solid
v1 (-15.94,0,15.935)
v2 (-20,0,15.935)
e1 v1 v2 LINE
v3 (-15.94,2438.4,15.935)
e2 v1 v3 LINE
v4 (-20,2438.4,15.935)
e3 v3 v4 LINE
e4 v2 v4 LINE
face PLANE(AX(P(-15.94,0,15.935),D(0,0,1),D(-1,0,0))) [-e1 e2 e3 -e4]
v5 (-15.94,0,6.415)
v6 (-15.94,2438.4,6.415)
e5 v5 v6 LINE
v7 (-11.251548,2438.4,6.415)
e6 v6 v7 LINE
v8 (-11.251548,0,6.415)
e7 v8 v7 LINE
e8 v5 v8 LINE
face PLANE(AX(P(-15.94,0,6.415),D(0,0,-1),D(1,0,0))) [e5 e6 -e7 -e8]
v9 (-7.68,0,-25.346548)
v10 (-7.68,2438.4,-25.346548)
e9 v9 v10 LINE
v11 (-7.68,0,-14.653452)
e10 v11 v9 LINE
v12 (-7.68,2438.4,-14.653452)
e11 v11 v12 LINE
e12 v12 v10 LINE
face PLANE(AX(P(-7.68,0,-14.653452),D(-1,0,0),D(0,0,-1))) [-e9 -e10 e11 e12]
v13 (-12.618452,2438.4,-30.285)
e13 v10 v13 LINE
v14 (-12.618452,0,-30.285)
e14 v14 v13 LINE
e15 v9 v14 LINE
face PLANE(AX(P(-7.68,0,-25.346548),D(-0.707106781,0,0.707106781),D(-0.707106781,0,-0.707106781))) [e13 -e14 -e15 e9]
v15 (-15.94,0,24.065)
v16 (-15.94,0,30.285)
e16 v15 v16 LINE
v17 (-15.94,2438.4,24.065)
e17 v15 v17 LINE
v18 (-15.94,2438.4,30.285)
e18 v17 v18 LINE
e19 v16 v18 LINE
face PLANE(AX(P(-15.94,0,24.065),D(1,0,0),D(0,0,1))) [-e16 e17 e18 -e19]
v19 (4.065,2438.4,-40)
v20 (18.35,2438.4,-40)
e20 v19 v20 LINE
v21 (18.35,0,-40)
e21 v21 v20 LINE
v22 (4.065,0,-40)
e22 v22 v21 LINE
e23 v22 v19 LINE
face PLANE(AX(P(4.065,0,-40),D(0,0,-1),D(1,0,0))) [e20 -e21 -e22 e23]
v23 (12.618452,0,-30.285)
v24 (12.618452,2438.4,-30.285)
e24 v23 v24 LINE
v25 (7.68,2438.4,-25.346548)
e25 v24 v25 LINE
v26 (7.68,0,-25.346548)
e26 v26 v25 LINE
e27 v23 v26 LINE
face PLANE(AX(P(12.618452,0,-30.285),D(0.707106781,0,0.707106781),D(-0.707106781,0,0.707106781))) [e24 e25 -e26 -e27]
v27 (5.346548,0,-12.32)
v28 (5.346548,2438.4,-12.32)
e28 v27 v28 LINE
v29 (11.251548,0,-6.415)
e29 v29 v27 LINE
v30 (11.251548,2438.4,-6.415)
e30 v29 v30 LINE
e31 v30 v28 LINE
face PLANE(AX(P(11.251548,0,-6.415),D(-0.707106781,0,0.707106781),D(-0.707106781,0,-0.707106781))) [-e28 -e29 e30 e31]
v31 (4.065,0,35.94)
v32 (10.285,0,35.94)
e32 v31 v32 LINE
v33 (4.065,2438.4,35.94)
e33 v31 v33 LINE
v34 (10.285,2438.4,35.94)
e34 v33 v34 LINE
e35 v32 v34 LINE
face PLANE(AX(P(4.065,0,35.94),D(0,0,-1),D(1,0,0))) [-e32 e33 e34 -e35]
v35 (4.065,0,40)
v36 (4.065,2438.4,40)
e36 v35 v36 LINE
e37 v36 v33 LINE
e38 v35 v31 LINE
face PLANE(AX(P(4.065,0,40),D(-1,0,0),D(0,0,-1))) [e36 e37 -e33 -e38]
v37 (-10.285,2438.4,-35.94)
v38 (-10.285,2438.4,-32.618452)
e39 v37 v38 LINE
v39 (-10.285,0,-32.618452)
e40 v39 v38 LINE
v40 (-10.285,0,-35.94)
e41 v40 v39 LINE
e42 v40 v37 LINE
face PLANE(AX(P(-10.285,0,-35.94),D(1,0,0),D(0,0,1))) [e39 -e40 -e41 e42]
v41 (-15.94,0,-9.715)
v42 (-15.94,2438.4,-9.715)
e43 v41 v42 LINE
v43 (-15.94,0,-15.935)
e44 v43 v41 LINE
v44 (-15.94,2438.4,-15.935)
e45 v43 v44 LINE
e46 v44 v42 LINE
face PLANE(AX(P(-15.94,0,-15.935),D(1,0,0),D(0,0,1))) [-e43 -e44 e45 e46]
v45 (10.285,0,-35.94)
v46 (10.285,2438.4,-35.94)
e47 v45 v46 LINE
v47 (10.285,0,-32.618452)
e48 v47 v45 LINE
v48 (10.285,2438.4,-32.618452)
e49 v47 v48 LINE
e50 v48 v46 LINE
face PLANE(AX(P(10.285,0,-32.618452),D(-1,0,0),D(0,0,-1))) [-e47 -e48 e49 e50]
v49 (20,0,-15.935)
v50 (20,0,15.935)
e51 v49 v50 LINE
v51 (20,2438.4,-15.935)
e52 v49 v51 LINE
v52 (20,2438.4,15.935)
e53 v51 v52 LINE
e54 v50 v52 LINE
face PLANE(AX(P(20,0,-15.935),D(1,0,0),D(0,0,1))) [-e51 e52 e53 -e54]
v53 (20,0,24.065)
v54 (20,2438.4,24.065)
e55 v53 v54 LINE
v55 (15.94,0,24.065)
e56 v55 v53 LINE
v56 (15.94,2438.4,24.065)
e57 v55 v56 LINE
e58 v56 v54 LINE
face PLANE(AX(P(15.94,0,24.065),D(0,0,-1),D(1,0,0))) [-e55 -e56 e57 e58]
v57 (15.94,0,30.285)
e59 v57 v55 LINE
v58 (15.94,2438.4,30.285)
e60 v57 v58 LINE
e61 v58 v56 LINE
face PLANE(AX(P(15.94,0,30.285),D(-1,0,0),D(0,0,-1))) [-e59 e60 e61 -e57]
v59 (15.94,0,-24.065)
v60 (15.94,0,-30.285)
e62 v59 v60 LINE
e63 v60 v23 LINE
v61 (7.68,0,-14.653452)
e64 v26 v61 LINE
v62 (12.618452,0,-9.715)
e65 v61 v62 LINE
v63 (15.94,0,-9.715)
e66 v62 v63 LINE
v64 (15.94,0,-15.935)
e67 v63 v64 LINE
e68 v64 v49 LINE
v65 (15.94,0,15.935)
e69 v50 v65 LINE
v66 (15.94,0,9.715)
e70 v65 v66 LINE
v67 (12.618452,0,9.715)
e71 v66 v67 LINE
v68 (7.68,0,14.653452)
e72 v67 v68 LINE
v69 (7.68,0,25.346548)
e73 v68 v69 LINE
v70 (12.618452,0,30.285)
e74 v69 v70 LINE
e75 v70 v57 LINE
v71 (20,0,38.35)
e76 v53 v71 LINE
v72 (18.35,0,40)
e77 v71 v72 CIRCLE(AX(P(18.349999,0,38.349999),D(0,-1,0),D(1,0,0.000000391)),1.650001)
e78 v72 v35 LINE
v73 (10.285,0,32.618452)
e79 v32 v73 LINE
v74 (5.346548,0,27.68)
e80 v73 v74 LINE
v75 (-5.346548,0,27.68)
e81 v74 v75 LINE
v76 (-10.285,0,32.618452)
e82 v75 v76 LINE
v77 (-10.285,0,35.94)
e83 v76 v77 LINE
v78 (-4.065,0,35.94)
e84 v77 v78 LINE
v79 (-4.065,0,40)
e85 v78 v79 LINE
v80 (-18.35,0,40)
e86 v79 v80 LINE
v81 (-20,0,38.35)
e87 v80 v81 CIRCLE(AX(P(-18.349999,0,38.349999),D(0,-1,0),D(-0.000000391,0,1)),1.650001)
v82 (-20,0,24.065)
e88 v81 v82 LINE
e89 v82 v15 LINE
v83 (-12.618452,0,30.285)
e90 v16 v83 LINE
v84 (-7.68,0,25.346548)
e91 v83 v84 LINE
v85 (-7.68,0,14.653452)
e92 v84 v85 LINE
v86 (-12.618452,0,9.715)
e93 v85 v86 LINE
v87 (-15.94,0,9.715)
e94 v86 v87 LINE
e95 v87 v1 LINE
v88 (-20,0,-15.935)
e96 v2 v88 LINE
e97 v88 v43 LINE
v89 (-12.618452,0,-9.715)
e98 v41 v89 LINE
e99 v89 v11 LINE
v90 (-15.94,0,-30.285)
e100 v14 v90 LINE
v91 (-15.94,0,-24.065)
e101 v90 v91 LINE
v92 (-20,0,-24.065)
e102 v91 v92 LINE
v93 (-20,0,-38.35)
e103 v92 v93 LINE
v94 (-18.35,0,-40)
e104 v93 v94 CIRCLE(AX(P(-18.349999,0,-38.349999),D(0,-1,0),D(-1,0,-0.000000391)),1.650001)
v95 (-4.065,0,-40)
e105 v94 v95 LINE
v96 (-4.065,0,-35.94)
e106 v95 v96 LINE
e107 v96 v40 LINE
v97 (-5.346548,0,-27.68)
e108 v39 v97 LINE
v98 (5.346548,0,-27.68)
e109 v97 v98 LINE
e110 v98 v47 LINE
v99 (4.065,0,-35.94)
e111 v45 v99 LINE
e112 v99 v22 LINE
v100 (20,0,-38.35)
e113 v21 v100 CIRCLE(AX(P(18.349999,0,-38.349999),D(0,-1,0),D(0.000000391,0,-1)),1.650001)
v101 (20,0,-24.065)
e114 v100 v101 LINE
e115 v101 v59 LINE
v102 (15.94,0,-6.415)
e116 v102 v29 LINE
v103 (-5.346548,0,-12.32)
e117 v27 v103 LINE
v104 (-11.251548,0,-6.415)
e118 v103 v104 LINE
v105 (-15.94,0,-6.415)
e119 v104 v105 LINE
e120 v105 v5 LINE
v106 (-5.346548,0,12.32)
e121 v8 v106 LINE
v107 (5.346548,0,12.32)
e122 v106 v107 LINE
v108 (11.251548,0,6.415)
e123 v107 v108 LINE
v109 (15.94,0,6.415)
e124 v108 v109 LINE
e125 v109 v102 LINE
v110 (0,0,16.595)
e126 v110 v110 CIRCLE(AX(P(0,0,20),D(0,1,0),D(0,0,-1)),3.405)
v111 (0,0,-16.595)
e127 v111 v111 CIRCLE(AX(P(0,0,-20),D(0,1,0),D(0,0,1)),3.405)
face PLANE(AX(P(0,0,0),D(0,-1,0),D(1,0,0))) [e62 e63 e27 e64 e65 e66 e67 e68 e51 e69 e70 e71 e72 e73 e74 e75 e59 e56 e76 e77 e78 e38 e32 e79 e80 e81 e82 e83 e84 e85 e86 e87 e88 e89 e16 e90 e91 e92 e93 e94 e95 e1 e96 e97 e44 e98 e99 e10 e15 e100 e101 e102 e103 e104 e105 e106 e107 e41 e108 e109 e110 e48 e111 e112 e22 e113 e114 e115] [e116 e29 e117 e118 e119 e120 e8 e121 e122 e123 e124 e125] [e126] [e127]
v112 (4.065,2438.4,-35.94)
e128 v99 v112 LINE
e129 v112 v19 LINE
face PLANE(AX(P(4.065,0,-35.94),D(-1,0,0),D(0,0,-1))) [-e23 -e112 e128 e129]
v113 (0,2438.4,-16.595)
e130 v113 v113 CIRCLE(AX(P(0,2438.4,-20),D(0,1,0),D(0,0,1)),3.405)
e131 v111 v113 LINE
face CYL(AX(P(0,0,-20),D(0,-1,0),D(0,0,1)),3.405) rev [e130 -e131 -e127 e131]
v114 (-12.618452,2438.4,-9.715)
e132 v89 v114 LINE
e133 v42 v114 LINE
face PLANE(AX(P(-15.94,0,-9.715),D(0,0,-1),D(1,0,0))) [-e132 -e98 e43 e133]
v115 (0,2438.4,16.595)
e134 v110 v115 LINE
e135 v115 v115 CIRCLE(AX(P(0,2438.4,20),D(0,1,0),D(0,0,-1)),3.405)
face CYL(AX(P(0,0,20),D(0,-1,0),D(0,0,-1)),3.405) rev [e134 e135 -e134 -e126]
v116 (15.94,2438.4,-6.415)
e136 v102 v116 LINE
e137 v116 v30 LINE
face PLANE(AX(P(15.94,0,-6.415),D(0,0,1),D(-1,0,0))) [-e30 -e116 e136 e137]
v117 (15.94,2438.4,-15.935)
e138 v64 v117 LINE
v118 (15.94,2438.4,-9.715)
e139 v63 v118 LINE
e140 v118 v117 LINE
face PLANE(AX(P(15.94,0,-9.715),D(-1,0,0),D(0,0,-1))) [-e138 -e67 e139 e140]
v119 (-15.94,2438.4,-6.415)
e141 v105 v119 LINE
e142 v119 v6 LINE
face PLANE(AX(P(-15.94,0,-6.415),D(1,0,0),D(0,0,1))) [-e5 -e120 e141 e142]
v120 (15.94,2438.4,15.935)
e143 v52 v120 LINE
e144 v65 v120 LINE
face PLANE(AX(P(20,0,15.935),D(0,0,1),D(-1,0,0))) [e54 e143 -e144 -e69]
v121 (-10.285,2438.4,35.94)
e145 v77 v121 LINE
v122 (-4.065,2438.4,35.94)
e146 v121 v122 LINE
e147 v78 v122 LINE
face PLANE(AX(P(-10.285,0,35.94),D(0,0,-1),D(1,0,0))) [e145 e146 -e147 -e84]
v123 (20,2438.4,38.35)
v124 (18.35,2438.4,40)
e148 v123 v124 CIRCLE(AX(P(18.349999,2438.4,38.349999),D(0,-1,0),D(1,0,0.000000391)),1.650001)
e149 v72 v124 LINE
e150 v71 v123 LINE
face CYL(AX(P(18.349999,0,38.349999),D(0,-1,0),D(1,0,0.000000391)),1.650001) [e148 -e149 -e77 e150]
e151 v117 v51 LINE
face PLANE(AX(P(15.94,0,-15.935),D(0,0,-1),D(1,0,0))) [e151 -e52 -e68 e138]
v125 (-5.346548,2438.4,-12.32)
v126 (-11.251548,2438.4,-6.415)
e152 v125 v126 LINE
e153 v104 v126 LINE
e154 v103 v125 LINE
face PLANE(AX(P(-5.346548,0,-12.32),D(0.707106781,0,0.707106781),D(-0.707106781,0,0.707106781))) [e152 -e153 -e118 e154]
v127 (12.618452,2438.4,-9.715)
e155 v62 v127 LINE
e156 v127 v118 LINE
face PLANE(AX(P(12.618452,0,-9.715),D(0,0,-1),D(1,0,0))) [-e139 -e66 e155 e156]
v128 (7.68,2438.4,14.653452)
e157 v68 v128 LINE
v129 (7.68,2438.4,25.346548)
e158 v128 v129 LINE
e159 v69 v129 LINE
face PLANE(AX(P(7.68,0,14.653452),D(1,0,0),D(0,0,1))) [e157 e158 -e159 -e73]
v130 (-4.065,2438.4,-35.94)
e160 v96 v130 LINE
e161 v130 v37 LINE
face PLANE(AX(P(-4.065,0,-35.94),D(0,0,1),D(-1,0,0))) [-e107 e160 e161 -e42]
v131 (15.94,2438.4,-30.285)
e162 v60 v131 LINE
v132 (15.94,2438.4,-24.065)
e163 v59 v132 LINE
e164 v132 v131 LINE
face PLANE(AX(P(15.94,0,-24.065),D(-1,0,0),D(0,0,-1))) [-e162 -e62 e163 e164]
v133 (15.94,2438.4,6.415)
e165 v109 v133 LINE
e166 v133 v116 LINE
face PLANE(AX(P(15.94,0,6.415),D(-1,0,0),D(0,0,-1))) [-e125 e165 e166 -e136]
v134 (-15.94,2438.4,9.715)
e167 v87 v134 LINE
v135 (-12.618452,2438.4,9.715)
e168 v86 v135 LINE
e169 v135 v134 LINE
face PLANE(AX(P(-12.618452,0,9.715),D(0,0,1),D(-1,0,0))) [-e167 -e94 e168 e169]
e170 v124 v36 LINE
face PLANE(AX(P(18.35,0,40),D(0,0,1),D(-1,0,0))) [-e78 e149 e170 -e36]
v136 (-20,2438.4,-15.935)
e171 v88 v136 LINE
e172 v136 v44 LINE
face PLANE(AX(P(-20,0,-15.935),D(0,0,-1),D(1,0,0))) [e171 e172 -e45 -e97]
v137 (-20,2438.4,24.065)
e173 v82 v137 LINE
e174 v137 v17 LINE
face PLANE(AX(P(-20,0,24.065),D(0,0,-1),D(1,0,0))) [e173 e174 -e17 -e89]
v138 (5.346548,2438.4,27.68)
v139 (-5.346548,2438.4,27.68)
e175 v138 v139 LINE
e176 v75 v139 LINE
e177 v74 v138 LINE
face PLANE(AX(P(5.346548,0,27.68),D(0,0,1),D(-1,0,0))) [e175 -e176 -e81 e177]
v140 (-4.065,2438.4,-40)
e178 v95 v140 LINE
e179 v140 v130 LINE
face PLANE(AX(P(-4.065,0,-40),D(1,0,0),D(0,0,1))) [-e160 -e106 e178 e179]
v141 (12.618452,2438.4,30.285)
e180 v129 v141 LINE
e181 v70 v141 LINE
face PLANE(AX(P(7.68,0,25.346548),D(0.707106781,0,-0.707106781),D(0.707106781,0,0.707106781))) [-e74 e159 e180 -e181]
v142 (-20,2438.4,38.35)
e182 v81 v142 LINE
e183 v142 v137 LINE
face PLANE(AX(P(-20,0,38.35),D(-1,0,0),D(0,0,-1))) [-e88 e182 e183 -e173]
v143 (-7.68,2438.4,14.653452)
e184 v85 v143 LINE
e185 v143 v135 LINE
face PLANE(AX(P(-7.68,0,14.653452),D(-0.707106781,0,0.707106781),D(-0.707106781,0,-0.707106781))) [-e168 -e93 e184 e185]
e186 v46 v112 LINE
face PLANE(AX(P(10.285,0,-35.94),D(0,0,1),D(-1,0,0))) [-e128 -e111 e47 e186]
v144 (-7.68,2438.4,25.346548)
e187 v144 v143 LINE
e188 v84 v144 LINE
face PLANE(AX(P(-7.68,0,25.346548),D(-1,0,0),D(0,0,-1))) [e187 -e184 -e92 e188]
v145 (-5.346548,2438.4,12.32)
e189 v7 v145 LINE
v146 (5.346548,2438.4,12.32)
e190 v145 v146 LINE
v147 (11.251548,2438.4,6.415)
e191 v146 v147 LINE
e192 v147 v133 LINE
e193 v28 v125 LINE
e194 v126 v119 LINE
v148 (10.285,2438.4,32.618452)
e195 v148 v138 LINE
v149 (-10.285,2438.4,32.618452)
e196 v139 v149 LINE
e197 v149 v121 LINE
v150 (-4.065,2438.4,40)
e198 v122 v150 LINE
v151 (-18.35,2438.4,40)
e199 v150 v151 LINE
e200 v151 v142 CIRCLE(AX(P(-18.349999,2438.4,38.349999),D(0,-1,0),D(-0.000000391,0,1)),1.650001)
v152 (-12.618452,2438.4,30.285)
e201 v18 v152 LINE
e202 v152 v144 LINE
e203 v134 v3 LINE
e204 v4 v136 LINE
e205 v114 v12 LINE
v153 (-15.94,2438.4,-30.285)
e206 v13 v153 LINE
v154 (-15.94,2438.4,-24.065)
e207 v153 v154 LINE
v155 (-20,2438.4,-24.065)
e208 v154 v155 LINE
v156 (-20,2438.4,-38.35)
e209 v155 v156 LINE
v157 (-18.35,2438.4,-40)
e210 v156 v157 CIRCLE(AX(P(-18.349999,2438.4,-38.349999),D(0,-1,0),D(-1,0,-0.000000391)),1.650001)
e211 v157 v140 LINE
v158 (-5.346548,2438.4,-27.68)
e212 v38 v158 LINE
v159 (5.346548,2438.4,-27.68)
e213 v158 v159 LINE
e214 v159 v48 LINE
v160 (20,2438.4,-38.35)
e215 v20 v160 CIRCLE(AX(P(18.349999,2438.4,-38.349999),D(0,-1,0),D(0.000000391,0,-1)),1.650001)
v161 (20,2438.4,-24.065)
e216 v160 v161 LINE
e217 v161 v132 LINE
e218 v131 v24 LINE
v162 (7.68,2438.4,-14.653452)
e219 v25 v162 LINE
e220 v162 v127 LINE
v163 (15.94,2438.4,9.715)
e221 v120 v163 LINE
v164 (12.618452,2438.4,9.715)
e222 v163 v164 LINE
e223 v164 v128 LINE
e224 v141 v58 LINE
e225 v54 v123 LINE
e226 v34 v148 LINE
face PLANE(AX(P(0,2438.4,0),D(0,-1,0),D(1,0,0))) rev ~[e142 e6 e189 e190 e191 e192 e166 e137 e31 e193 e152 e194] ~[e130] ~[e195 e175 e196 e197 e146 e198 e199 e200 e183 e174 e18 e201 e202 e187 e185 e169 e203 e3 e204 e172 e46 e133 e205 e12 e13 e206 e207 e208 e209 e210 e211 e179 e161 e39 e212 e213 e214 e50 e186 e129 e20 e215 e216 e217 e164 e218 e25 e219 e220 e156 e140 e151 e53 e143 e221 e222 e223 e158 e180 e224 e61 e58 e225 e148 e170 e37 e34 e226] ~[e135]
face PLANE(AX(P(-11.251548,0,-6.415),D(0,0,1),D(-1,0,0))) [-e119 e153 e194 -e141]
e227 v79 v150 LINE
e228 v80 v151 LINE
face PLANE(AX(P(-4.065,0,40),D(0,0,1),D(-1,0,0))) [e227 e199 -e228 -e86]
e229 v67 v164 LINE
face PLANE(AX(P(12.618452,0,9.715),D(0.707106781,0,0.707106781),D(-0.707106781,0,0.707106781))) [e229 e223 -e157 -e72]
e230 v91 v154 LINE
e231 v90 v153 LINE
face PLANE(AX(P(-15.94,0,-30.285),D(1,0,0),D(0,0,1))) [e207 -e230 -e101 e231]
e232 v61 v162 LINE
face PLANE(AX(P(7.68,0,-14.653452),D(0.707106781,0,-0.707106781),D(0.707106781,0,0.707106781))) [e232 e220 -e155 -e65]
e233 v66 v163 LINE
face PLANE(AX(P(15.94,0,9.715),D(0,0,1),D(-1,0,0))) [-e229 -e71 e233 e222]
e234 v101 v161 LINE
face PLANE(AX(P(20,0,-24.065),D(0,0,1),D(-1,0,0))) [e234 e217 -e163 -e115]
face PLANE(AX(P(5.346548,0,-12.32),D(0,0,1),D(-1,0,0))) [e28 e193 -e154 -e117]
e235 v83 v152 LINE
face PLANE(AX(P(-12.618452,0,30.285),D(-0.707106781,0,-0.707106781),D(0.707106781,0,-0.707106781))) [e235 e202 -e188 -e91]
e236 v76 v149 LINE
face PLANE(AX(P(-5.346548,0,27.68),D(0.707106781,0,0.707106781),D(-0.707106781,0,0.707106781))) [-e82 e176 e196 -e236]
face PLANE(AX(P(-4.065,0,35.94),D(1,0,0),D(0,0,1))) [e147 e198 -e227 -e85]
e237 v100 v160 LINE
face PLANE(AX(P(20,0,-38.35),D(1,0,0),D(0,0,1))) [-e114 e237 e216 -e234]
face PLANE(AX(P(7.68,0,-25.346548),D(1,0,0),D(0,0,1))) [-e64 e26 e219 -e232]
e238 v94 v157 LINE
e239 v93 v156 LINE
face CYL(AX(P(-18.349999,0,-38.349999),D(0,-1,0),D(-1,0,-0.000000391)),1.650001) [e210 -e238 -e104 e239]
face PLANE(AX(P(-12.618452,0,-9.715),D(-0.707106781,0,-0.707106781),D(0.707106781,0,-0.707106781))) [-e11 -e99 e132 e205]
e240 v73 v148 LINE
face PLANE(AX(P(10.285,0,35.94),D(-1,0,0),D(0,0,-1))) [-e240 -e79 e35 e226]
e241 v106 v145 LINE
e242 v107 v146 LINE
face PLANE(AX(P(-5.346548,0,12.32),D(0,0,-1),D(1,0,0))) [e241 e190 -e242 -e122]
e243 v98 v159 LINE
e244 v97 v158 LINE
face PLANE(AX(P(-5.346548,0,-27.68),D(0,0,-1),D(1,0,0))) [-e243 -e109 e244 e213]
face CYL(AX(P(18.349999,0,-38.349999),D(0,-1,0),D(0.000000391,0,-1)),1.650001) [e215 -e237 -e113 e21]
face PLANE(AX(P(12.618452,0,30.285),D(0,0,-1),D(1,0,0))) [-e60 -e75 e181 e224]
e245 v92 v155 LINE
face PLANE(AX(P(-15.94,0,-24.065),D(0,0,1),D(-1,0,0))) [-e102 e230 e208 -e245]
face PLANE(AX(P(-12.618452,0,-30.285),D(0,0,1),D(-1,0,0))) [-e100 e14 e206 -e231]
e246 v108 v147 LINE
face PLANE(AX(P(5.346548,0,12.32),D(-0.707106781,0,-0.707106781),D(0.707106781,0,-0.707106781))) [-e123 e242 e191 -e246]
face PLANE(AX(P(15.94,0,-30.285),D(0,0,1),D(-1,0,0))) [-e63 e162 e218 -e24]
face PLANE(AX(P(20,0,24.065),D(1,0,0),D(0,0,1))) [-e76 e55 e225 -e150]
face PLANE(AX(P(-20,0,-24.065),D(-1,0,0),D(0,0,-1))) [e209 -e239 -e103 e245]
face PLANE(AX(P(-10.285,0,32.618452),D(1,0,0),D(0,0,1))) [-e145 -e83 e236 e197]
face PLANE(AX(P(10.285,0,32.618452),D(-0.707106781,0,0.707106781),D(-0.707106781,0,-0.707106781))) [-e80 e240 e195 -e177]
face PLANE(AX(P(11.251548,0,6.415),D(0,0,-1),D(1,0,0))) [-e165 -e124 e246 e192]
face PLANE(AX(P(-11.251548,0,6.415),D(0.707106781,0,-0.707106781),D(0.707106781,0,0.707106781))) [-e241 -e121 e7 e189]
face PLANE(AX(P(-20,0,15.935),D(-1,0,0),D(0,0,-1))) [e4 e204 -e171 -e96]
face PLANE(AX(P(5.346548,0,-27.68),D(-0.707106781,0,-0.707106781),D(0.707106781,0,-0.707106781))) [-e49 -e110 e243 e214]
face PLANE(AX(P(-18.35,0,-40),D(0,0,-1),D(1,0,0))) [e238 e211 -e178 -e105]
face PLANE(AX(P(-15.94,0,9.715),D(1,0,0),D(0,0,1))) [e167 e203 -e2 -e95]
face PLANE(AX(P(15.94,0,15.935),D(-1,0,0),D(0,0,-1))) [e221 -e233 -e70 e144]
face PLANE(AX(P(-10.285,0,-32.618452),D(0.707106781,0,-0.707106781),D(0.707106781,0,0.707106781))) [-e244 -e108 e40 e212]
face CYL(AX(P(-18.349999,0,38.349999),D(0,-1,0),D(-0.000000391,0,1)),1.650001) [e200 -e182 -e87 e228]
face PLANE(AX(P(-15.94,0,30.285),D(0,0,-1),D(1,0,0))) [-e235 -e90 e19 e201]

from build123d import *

# Parameters (mm, degrees)
F1_DEPTH = 2438.4


with BuildPart() as f1:
    # F0 (on Front) → F1 (new body)
    with BuildSketch(Plane.XZ):
        with BuildLine():
            ThreePointArc((20, 38.35), (19.516726, 39.516726), (18.35, 40))
            Line((18.35, 40), (4.065, 40))
            Line((4.065, 40), (4.065, 35.94))
            Line((4.065, 35.94), (10.285, 35.94))
            Line((10.285, 35.94), (10.285, 32.618452))
            Line((10.285, 32.618452), (5.346548, 27.68))
            Line((5.346548, 27.68), (-5.346548, 27.68))
            Line((-5.346548, 27.68), (-10.285, 32.618452))
            Line((-10.285, 32.618452), (-10.285, 35.94))
            Line((-10.285, 35.94), (-4.065, 35.94))
            Line((-4.065, 35.94), (-4.065, 40))
            Line((-4.065, 40), (-18.35, 40))
            ThreePointArc((-18.35, 40), (-19.516726, 39.516726), (-20, 38.35))
            Line((-20, 38.35), (-20, 24.065))
            Line((-20, 24.065), (-15.94, 24.065))
            Line((-15.94, 24.065), (-15.94, 30.285))
            Line((-15.94, 30.285), (-12.618452, 30.285))
            Line((-12.618452, 30.285), (-7.68, 25.346548))
            Line((-7.68, 25.346548), (-7.68, 14.653452))
            Line((-7.68, 14.653452), (-12.618452, 9.715))
            Line((-12.618452, 9.715), (-15.94, 9.715))
            Line((-15.94, 9.715), (-15.94, 15.935))
            Line((-15.94, 15.935), (-20, 15.935))
            Line((-20, 15.935), (-20, -15.935))
            Line((-20, -15.935), (-15.94, -15.935))
            Line((-15.94, -15.935), (-15.94, -9.715))
            Line((-15.94, -9.715), (-12.618452, -9.715))
            Line((-12.618452, -9.715), (-7.68, -14.653452))
            Line((-7.68, -14.653452), (-7.68, -25.346548))
            Line((-7.68, -25.346548), (-12.618452, -30.285))
            Line((-12.618452, -30.285), (-15.94, -30.285))
            Line((-15.94, -30.285), (-15.94, -24.065))
            Line((-15.94, -24.065), (-20, -24.065))
            Line((-20, -24.065), (-20, -38.35))
            ThreePointArc((-20, -38.35), (-19.516726, -39.516726), (-18.35, -40))
            Line((-18.35, -40), (-4.065, -40))
            Line((-4.065, -40), (-4.065, -35.94))
            Line((-4.065, -35.94), (-10.285, -35.94))
            Line((-10.285, -35.94), (-10.285, -32.618452))
            Line((-10.285, -32.618452), (-5.346548, -27.68))
            Line((-5.346548, -27.68), (5.346548, -27.68))
            Line((5.346548, -27.68), (10.285, -32.618452))
            Line((10.285, -32.618452), (10.285, -35.94))
            Line((10.285, -35.94), (4.065, -35.94))
            Line((4.065, -35.94), (4.065, -40))
            Line((4.065, -40), (18.35, -40))
            ThreePointArc((18.35, -40), (19.516726, -39.516726), (20, -38.35))
            Line((20, -38.35), (20, -24.065))
            Line((20, -24.065), (15.94, -24.065))
            Line((15.94, -24.065), (15.94, -30.285))
            Line((15.94, -30.285), (12.618452, -30.285))
            Line((12.618452, -30.285), (7.68, -25.346548))
            Line((7.68, -25.346548), (7.68, -14.653452))
            Line((7.68, -14.653452), (12.618452, -9.715))
            Line((12.618452, -9.715), (15.94, -9.715))
            Line((15.94, -9.715), (15.94, -15.935))
            Line((15.94, -15.935), (20, -15.935))
            Line((20, -15.935), (20, 15.935))
            Line((20, 15.935), (15.94, 15.935))
            Line((15.94, 15.935), (15.94, 9.715))
            Line((15.94, 9.715), (12.618452, 9.715))
            Line((12.618452, 9.715), (7.68, 14.653452))
            Line((7.68, 14.653452), (7.68, 25.346548))
            Line((7.68, 25.346548), (12.618452, 30.285))
            Line((12.618452, 30.285), (15.94, 30.285))
            Line((15.94, 30.285), (15.94, 24.065))
            Line((15.94, 24.065), (20, 24.065))
            Line((20, 24.065), (20, 38.35))
        make_face()
        with BuildLine():
            ThreePointArc((0, -23.405), (-3.405, -20), (0, -16.595))
            ThreePointArc((0, -16.595), (3.405, -20), (0, -23.405))
        make_face(mode=Mode.SUBTRACT)
        Polygon((-5.346548, 12.32), (5.346548, 12.32), (11.251548, 6.415), (15.94, 6.415), (15.94, -6.415), (11.251548, -6.415), (5.346548, -12.32), (-5.346548, -12.32), (-11.251548, -6.415), (-15.94, -6.415), (-15.94, 6.415), (-11.251548, 6.415), align=None, mode=Mode.SUBTRACT)
        with BuildLine():
            ThreePointArc((0, 23.405), (3.405, 20), (0, 16.595))
            ThreePointArc((0, 16.595), (-3.405, 20), (0, 23.405))
        make_face(mode=Mode.SUBTRACT)
    extrude(amount=-F1_DEPTH)


solid = f1.part
